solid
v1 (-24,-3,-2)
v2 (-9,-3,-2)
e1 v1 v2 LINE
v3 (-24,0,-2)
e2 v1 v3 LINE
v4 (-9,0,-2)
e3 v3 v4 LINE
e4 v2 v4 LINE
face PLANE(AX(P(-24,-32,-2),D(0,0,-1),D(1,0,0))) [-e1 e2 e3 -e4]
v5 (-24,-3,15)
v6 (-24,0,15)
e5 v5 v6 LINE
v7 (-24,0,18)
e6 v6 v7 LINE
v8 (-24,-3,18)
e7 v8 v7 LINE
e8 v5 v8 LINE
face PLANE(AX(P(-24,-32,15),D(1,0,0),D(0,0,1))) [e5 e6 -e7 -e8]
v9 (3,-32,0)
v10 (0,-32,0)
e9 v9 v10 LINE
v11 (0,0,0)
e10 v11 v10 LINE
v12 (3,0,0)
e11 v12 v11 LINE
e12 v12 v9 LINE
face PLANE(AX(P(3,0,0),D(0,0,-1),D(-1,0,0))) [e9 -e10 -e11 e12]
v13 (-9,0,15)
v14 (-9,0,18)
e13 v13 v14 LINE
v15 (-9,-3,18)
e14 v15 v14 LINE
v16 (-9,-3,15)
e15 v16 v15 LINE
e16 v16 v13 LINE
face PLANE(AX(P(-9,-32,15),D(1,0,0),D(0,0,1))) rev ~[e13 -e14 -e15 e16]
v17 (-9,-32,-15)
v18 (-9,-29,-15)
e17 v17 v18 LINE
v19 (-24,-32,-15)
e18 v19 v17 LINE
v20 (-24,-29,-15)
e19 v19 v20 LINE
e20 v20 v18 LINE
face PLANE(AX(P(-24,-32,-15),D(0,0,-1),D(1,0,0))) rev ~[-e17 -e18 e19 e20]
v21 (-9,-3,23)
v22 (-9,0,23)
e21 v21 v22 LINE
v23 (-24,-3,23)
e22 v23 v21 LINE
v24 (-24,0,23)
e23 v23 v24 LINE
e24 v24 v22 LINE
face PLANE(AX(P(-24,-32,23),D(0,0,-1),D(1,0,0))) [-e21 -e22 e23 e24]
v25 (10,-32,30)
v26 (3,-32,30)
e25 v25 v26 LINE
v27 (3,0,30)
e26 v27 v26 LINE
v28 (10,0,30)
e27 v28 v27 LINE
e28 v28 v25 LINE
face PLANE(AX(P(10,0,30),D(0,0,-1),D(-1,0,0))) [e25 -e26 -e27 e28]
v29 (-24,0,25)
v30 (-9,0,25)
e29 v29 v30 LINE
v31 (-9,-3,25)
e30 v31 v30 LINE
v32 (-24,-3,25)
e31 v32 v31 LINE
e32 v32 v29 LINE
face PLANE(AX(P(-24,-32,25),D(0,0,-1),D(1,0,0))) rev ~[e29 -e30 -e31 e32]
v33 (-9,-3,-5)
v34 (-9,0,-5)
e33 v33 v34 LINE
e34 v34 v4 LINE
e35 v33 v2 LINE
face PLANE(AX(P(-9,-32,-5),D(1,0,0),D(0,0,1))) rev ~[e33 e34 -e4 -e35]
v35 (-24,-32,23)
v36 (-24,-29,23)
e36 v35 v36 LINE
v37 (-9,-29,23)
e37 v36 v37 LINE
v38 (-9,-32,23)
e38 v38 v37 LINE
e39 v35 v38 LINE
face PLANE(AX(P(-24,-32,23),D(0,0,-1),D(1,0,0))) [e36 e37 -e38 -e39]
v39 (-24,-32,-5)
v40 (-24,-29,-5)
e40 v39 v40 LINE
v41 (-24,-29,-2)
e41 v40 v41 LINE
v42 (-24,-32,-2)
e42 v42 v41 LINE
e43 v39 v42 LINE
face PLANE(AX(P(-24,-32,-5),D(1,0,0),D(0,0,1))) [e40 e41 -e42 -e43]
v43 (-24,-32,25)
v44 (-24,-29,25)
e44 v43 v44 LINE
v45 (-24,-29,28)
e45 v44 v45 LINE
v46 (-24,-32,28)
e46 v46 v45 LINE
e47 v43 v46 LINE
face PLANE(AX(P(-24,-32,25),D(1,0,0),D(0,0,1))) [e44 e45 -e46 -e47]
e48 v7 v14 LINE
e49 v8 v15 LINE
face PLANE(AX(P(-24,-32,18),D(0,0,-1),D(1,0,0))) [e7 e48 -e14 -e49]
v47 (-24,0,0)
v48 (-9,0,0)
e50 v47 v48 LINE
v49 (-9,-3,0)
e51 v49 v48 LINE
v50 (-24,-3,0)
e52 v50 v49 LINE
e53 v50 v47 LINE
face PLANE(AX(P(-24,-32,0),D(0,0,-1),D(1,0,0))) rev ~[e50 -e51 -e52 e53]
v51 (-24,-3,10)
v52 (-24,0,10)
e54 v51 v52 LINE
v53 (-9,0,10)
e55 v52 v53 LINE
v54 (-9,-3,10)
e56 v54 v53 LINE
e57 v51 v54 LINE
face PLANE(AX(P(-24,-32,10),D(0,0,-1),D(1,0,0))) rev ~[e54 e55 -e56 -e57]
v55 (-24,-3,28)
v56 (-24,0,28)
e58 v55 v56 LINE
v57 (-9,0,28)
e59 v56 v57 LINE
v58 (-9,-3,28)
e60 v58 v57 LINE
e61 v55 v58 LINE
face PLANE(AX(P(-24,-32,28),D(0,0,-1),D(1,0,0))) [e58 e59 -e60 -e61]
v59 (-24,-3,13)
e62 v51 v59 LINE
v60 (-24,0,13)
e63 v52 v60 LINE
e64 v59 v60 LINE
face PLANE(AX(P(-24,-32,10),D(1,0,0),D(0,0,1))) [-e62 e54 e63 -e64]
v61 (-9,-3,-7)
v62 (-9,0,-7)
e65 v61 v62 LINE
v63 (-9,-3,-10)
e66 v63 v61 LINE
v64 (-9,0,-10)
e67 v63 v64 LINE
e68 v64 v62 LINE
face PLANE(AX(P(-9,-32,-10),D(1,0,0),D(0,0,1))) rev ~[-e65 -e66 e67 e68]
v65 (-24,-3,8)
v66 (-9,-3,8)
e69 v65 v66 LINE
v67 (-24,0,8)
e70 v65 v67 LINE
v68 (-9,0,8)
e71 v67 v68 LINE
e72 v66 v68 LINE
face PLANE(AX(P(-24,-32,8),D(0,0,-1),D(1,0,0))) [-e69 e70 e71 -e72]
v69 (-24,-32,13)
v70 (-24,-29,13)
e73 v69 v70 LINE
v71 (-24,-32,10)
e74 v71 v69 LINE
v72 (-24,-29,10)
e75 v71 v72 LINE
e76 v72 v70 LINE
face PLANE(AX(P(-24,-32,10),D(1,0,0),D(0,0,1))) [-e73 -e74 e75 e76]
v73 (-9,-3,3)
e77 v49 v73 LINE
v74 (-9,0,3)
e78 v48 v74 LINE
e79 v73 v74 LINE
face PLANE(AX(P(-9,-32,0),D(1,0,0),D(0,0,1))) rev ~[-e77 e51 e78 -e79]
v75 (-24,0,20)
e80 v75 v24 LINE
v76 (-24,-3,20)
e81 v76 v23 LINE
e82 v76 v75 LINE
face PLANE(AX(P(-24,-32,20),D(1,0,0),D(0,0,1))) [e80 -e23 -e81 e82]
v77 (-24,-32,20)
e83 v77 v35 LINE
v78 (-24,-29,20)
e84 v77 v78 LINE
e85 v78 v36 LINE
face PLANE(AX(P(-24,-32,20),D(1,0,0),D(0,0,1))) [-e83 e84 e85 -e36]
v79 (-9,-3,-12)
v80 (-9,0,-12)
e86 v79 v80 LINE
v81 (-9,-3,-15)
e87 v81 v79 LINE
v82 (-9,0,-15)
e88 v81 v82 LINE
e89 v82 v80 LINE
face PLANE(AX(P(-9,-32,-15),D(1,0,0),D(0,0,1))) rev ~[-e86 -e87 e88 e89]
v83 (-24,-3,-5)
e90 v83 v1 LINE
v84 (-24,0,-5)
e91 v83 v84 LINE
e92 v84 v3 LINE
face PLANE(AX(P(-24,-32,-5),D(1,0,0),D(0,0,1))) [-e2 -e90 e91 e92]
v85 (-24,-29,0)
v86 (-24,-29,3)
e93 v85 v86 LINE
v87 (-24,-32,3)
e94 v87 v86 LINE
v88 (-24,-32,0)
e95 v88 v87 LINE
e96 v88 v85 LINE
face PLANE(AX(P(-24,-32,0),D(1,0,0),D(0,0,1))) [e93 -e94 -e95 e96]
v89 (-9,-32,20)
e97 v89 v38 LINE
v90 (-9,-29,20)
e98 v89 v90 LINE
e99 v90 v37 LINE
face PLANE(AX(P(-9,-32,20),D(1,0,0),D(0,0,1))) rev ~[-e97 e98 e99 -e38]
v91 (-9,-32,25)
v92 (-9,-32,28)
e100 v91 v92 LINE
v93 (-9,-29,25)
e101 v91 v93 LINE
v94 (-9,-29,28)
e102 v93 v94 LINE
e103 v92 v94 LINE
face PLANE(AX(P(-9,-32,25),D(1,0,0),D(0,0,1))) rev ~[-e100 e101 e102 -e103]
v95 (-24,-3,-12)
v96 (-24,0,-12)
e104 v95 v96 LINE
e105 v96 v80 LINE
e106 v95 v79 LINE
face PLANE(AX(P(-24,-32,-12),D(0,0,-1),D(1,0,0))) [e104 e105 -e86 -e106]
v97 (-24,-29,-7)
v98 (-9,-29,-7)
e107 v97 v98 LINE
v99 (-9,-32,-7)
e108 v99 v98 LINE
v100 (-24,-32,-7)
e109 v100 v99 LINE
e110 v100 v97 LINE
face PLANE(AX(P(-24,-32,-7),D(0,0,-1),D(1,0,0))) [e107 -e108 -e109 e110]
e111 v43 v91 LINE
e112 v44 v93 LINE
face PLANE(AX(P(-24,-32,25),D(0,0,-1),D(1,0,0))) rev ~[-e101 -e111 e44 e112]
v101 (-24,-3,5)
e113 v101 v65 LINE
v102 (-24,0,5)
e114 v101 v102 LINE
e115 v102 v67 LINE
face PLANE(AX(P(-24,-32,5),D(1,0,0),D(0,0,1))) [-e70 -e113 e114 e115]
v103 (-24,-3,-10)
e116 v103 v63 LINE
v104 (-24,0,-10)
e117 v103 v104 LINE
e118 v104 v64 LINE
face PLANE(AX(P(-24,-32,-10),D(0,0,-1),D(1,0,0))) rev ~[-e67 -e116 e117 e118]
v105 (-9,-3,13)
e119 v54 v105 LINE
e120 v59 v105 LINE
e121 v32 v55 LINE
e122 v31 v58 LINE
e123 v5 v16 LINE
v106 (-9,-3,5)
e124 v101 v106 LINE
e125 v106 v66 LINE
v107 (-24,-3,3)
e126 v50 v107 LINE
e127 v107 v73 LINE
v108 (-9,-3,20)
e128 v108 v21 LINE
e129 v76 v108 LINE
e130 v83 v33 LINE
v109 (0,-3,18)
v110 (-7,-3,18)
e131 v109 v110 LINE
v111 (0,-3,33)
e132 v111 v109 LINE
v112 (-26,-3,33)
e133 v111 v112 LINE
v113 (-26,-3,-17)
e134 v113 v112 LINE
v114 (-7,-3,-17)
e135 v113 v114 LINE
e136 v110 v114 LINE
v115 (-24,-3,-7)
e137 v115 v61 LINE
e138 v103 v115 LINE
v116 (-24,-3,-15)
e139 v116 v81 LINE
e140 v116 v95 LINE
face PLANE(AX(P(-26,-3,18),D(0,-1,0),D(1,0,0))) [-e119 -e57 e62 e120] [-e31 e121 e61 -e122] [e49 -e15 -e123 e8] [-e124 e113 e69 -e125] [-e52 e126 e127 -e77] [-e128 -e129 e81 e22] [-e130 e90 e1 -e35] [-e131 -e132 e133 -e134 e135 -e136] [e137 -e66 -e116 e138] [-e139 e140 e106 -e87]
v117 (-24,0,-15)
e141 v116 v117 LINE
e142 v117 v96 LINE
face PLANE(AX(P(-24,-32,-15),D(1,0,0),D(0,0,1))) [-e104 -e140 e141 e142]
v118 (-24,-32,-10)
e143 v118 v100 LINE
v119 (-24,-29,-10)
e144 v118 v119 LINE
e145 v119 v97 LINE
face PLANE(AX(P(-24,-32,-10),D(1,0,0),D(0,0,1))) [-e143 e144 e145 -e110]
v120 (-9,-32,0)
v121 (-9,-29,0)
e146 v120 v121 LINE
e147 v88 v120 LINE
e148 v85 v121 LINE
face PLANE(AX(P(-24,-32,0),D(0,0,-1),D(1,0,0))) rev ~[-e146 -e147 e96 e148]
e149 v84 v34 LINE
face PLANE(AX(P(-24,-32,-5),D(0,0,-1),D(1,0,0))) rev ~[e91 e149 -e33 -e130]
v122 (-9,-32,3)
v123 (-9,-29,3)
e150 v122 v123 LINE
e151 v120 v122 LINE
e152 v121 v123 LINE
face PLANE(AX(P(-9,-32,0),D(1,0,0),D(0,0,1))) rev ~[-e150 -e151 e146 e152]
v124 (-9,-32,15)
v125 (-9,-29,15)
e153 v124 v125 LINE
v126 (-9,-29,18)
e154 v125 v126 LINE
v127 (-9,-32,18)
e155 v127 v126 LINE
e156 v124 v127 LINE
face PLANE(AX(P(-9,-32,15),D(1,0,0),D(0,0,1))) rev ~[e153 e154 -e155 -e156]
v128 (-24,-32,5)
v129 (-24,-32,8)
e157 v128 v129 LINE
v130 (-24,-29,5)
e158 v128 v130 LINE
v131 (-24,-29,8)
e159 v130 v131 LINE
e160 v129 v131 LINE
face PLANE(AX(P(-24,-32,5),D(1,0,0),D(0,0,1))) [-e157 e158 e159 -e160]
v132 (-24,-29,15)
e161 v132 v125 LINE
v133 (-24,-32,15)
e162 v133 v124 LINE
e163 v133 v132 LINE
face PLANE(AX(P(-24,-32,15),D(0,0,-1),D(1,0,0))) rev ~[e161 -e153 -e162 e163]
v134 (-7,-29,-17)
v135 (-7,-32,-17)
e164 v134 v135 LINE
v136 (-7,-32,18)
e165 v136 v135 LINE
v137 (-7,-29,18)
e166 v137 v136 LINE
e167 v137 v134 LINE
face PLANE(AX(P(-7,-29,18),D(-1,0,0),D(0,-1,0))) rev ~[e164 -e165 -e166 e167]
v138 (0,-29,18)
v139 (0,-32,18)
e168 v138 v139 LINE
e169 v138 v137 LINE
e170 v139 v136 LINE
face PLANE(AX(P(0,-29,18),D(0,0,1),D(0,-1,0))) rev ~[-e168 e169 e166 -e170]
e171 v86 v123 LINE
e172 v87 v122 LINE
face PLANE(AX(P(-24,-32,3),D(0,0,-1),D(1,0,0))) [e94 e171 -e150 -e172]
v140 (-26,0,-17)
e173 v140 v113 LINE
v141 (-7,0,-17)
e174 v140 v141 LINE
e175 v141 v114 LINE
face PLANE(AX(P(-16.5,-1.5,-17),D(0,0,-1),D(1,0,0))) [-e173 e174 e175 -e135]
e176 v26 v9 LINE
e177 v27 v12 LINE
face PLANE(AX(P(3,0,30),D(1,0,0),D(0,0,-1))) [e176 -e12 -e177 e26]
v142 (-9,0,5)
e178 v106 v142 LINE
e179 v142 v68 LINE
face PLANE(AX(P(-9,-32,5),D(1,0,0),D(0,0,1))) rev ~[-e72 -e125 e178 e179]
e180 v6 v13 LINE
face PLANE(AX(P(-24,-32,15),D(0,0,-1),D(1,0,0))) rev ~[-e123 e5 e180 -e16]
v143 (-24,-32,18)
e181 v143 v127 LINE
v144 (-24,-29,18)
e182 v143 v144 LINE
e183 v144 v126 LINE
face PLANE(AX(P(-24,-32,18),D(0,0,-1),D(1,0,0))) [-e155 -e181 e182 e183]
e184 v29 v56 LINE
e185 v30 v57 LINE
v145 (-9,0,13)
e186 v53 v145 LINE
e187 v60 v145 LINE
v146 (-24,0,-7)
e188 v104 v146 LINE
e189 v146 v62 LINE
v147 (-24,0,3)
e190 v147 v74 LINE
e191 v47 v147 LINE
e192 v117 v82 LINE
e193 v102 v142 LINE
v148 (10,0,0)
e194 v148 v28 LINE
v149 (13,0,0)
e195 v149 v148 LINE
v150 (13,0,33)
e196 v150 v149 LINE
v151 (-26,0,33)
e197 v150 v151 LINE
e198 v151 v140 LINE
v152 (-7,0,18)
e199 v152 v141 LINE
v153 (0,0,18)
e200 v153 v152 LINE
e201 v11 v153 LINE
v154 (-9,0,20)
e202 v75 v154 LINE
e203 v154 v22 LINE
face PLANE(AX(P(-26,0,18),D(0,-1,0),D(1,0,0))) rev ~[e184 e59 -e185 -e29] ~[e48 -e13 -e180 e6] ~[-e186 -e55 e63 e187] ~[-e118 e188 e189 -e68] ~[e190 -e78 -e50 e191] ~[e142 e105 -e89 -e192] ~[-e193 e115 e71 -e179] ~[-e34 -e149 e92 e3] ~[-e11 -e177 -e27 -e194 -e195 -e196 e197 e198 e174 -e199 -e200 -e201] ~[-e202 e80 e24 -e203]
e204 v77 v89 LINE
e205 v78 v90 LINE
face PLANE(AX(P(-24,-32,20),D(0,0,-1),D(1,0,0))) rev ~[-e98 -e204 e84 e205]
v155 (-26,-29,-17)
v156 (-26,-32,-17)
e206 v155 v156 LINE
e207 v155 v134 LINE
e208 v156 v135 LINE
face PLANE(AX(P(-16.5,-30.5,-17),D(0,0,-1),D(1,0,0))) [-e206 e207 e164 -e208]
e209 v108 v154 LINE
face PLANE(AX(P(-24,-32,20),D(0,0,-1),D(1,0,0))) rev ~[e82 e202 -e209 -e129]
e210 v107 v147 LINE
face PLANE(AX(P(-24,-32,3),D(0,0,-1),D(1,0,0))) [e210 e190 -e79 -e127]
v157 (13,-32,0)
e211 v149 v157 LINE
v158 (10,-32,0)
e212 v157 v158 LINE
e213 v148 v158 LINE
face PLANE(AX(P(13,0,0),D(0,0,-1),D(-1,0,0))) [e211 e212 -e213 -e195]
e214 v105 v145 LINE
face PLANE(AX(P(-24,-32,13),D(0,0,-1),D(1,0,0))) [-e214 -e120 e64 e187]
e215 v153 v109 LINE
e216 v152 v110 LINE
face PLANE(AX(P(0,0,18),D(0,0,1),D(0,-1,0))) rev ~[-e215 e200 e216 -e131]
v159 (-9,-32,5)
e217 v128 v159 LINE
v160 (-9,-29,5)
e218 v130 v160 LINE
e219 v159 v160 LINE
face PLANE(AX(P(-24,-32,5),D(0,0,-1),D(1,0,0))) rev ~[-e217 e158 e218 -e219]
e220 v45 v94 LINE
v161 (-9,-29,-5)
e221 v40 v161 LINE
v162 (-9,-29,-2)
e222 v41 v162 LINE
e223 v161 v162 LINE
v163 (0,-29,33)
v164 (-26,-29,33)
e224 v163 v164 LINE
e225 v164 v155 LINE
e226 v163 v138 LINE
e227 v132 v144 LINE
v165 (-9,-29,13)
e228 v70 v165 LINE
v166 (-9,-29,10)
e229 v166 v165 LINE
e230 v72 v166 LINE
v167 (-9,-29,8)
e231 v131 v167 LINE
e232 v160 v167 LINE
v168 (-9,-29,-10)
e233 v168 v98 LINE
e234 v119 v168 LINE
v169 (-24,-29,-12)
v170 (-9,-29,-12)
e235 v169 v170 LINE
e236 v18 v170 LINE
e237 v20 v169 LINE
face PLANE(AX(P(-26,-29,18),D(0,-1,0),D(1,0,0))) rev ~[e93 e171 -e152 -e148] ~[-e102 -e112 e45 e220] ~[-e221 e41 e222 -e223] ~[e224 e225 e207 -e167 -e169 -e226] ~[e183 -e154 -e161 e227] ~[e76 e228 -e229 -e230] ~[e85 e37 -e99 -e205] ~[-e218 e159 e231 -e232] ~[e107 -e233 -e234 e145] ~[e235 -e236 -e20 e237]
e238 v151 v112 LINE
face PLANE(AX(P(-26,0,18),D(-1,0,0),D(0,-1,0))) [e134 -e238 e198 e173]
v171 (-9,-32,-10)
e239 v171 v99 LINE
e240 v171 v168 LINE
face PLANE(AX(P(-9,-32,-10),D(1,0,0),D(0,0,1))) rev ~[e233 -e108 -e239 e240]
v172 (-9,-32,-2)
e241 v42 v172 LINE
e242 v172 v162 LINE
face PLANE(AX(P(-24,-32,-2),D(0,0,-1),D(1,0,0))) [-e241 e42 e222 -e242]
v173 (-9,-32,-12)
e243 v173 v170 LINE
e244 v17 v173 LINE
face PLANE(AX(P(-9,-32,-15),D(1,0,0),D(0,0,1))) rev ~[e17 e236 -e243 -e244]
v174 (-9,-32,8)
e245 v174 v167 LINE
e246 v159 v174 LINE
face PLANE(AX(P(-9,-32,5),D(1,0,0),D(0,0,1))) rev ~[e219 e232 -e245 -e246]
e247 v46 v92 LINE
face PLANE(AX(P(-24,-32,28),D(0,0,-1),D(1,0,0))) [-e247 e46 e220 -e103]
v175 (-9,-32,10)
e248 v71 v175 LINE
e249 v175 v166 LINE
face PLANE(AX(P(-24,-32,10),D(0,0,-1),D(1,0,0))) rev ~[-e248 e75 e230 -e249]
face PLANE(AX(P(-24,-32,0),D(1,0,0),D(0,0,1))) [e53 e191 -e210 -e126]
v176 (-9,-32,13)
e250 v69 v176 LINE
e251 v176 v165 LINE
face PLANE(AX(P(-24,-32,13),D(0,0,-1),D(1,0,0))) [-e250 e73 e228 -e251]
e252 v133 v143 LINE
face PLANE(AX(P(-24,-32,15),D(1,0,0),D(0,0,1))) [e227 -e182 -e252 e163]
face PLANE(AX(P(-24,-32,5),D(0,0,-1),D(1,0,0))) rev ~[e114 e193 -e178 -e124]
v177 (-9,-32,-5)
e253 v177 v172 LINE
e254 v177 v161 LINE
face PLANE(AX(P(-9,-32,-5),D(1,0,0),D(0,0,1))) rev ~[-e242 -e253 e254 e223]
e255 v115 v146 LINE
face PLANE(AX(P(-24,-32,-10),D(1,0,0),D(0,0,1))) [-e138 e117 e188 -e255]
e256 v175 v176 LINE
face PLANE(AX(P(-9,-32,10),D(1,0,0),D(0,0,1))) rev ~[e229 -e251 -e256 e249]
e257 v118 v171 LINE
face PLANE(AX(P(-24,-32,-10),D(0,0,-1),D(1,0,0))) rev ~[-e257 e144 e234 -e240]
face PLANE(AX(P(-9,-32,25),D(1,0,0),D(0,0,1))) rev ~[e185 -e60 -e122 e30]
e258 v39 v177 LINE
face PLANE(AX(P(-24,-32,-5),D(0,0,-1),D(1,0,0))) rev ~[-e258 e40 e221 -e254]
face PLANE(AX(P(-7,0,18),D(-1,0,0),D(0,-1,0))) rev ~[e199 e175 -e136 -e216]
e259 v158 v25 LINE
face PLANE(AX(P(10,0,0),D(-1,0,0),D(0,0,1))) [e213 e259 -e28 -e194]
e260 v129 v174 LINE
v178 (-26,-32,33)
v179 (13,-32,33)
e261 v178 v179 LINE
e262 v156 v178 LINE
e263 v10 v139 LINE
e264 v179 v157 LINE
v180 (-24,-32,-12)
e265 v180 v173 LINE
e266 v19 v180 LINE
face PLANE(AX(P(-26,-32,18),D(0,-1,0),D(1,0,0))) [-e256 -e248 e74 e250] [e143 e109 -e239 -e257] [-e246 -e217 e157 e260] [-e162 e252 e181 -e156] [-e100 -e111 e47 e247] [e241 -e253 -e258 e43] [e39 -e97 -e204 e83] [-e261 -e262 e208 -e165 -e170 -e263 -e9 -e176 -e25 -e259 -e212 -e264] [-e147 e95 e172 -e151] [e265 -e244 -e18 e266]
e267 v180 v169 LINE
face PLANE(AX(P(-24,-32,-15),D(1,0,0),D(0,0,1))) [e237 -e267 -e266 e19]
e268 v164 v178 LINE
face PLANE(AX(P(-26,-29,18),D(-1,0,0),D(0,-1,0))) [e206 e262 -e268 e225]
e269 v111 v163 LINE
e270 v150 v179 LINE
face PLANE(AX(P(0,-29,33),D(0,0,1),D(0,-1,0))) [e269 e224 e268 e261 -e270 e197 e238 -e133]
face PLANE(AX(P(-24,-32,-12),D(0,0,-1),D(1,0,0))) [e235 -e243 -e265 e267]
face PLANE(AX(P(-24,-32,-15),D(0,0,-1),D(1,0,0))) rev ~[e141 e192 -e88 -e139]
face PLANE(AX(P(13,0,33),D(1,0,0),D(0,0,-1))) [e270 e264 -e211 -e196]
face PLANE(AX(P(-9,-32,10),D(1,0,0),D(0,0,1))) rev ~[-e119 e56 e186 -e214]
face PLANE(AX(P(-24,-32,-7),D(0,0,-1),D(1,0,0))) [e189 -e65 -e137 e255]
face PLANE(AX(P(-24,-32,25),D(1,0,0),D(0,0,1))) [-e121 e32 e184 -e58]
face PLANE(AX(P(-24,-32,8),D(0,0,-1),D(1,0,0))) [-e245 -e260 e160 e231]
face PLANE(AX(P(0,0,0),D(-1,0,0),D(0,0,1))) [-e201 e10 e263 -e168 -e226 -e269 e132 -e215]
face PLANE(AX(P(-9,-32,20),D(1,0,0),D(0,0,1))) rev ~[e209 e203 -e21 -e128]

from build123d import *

# Parameters (mm, degrees)
PAD_DEPTH    = 32
SKETCH001_W  = 15
SKETCH001_H  = 3
PAD001_DEPTH = 26
SKETCH002_W  = 19
SKETCH002_H  = 3
PAD002_DEPTH = 35
SKETCH003_W  = 15
SKETCH003_H  = 3
PAD003_DEPTH = 26
SKETCH004_W  = 19
SKETCH004_H  = 3
PAD004_DEPTH = 35
SKETCH006_W  = 15
SKETCH006_H  = 3
POCKET_DEPTH = 100


with BuildPart() as part:
    # Sketch → Pad (new body)
    with BuildSketch(Plane.XZ):
        Polygon((0, 0), (0, 33), (13, 33), (13, 0), (10, 0), (10, 30), (3, 30), (3, 0), align=None)
    extrude(amount=PAD_DEPTH)

    # Sketch001 (on Face1 of Pad) → Pad001 (join)
    with BuildSketch(Plane(origin=(0, 0, 0), x_dir=(0, 0, -1), z_dir=(-1, 0, 0))):
        with Locations((-25.5, 1.5)):
            Rectangle(SKETCH001_W, SKETCH001_H)
    extrude(amount=PAD001_DEPTH)

    # Sketch002 (on Face3 of Pad001) → Pad002 (join)
    with BuildSketch(Plane(origin=(0, 0, 18), x_dir=(1, 0, 0), z_dir=(0, 0, -1))):
        with Locations((-16.5, 1.5)):
            Rectangle(SKETCH002_W, SKETCH002_H)
    extrude(amount=PAD002_DEPTH)

    # Sketch003 (on Face1 of Pad002) → Pad003 (join)
    with BuildSketch(Plane(origin=(0, 0, 0), x_dir=(0, 0, -1), z_dir=(-1, 0, 0))):
        with Locations((-25.5, 30.5)):
            Rectangle(SKETCH003_W, SKETCH003_H)
    extrude(amount=PAD003_DEPTH)

    # Sketch004 (on Face7 of Pad003) → Pad004 (join)
    with BuildSketch(Plane(origin=(0, 0, 18), x_dir=(1, 0, 0), z_dir=(0, 0, -1))):
        with Locations((-16.5, 30.5)):
            Rectangle(SKETCH004_W, SKETCH004_H)
    extrude(amount=PAD004_DEPTH)

    # Sketch006 (on Face30 of Pad004) → Pocket (cut)
    with BuildSketch(Plane.XZ.offset(32)):
        with Locations((-16.5, -13.5)):
            Rectangle(SKETCH006_W, SKETCH006_H)
        with Locations((-16.5, -8.5)):
            Rectangle(SKETCH006_W, SKETCH006_H)
        with Locations((-16.5, -3.5)):
            Rectangle(SKETCH006_W, SKETCH006_H)
        with Locations((-16.5, 1.5)):
            Rectangle(SKETCH006_W, SKETCH006_H)
        with Locations((-16.5, 6.5)):
            Rectangle(SKETCH006_W, SKETCH006_H)
        with Locations((-16.5, 11.5)):
            Rectangle(SKETCH006_W, SKETCH006_H)
        with Locations((-16.5, 16.5)):
            Rectangle(SKETCH006_W, SKETCH006_H)
        with Locations((-16.5, 21.5)):
            Rectangle(SKETCH006_W, SKETCH006_H)
        with Locations((-16.5, 26.5)):
            Rectangle(SKETCH006_W, SKETCH006_H)
    extrude(amount=-POCKET_DEPTH, mode=Mode.SUBTRACT)


solid = part.part
